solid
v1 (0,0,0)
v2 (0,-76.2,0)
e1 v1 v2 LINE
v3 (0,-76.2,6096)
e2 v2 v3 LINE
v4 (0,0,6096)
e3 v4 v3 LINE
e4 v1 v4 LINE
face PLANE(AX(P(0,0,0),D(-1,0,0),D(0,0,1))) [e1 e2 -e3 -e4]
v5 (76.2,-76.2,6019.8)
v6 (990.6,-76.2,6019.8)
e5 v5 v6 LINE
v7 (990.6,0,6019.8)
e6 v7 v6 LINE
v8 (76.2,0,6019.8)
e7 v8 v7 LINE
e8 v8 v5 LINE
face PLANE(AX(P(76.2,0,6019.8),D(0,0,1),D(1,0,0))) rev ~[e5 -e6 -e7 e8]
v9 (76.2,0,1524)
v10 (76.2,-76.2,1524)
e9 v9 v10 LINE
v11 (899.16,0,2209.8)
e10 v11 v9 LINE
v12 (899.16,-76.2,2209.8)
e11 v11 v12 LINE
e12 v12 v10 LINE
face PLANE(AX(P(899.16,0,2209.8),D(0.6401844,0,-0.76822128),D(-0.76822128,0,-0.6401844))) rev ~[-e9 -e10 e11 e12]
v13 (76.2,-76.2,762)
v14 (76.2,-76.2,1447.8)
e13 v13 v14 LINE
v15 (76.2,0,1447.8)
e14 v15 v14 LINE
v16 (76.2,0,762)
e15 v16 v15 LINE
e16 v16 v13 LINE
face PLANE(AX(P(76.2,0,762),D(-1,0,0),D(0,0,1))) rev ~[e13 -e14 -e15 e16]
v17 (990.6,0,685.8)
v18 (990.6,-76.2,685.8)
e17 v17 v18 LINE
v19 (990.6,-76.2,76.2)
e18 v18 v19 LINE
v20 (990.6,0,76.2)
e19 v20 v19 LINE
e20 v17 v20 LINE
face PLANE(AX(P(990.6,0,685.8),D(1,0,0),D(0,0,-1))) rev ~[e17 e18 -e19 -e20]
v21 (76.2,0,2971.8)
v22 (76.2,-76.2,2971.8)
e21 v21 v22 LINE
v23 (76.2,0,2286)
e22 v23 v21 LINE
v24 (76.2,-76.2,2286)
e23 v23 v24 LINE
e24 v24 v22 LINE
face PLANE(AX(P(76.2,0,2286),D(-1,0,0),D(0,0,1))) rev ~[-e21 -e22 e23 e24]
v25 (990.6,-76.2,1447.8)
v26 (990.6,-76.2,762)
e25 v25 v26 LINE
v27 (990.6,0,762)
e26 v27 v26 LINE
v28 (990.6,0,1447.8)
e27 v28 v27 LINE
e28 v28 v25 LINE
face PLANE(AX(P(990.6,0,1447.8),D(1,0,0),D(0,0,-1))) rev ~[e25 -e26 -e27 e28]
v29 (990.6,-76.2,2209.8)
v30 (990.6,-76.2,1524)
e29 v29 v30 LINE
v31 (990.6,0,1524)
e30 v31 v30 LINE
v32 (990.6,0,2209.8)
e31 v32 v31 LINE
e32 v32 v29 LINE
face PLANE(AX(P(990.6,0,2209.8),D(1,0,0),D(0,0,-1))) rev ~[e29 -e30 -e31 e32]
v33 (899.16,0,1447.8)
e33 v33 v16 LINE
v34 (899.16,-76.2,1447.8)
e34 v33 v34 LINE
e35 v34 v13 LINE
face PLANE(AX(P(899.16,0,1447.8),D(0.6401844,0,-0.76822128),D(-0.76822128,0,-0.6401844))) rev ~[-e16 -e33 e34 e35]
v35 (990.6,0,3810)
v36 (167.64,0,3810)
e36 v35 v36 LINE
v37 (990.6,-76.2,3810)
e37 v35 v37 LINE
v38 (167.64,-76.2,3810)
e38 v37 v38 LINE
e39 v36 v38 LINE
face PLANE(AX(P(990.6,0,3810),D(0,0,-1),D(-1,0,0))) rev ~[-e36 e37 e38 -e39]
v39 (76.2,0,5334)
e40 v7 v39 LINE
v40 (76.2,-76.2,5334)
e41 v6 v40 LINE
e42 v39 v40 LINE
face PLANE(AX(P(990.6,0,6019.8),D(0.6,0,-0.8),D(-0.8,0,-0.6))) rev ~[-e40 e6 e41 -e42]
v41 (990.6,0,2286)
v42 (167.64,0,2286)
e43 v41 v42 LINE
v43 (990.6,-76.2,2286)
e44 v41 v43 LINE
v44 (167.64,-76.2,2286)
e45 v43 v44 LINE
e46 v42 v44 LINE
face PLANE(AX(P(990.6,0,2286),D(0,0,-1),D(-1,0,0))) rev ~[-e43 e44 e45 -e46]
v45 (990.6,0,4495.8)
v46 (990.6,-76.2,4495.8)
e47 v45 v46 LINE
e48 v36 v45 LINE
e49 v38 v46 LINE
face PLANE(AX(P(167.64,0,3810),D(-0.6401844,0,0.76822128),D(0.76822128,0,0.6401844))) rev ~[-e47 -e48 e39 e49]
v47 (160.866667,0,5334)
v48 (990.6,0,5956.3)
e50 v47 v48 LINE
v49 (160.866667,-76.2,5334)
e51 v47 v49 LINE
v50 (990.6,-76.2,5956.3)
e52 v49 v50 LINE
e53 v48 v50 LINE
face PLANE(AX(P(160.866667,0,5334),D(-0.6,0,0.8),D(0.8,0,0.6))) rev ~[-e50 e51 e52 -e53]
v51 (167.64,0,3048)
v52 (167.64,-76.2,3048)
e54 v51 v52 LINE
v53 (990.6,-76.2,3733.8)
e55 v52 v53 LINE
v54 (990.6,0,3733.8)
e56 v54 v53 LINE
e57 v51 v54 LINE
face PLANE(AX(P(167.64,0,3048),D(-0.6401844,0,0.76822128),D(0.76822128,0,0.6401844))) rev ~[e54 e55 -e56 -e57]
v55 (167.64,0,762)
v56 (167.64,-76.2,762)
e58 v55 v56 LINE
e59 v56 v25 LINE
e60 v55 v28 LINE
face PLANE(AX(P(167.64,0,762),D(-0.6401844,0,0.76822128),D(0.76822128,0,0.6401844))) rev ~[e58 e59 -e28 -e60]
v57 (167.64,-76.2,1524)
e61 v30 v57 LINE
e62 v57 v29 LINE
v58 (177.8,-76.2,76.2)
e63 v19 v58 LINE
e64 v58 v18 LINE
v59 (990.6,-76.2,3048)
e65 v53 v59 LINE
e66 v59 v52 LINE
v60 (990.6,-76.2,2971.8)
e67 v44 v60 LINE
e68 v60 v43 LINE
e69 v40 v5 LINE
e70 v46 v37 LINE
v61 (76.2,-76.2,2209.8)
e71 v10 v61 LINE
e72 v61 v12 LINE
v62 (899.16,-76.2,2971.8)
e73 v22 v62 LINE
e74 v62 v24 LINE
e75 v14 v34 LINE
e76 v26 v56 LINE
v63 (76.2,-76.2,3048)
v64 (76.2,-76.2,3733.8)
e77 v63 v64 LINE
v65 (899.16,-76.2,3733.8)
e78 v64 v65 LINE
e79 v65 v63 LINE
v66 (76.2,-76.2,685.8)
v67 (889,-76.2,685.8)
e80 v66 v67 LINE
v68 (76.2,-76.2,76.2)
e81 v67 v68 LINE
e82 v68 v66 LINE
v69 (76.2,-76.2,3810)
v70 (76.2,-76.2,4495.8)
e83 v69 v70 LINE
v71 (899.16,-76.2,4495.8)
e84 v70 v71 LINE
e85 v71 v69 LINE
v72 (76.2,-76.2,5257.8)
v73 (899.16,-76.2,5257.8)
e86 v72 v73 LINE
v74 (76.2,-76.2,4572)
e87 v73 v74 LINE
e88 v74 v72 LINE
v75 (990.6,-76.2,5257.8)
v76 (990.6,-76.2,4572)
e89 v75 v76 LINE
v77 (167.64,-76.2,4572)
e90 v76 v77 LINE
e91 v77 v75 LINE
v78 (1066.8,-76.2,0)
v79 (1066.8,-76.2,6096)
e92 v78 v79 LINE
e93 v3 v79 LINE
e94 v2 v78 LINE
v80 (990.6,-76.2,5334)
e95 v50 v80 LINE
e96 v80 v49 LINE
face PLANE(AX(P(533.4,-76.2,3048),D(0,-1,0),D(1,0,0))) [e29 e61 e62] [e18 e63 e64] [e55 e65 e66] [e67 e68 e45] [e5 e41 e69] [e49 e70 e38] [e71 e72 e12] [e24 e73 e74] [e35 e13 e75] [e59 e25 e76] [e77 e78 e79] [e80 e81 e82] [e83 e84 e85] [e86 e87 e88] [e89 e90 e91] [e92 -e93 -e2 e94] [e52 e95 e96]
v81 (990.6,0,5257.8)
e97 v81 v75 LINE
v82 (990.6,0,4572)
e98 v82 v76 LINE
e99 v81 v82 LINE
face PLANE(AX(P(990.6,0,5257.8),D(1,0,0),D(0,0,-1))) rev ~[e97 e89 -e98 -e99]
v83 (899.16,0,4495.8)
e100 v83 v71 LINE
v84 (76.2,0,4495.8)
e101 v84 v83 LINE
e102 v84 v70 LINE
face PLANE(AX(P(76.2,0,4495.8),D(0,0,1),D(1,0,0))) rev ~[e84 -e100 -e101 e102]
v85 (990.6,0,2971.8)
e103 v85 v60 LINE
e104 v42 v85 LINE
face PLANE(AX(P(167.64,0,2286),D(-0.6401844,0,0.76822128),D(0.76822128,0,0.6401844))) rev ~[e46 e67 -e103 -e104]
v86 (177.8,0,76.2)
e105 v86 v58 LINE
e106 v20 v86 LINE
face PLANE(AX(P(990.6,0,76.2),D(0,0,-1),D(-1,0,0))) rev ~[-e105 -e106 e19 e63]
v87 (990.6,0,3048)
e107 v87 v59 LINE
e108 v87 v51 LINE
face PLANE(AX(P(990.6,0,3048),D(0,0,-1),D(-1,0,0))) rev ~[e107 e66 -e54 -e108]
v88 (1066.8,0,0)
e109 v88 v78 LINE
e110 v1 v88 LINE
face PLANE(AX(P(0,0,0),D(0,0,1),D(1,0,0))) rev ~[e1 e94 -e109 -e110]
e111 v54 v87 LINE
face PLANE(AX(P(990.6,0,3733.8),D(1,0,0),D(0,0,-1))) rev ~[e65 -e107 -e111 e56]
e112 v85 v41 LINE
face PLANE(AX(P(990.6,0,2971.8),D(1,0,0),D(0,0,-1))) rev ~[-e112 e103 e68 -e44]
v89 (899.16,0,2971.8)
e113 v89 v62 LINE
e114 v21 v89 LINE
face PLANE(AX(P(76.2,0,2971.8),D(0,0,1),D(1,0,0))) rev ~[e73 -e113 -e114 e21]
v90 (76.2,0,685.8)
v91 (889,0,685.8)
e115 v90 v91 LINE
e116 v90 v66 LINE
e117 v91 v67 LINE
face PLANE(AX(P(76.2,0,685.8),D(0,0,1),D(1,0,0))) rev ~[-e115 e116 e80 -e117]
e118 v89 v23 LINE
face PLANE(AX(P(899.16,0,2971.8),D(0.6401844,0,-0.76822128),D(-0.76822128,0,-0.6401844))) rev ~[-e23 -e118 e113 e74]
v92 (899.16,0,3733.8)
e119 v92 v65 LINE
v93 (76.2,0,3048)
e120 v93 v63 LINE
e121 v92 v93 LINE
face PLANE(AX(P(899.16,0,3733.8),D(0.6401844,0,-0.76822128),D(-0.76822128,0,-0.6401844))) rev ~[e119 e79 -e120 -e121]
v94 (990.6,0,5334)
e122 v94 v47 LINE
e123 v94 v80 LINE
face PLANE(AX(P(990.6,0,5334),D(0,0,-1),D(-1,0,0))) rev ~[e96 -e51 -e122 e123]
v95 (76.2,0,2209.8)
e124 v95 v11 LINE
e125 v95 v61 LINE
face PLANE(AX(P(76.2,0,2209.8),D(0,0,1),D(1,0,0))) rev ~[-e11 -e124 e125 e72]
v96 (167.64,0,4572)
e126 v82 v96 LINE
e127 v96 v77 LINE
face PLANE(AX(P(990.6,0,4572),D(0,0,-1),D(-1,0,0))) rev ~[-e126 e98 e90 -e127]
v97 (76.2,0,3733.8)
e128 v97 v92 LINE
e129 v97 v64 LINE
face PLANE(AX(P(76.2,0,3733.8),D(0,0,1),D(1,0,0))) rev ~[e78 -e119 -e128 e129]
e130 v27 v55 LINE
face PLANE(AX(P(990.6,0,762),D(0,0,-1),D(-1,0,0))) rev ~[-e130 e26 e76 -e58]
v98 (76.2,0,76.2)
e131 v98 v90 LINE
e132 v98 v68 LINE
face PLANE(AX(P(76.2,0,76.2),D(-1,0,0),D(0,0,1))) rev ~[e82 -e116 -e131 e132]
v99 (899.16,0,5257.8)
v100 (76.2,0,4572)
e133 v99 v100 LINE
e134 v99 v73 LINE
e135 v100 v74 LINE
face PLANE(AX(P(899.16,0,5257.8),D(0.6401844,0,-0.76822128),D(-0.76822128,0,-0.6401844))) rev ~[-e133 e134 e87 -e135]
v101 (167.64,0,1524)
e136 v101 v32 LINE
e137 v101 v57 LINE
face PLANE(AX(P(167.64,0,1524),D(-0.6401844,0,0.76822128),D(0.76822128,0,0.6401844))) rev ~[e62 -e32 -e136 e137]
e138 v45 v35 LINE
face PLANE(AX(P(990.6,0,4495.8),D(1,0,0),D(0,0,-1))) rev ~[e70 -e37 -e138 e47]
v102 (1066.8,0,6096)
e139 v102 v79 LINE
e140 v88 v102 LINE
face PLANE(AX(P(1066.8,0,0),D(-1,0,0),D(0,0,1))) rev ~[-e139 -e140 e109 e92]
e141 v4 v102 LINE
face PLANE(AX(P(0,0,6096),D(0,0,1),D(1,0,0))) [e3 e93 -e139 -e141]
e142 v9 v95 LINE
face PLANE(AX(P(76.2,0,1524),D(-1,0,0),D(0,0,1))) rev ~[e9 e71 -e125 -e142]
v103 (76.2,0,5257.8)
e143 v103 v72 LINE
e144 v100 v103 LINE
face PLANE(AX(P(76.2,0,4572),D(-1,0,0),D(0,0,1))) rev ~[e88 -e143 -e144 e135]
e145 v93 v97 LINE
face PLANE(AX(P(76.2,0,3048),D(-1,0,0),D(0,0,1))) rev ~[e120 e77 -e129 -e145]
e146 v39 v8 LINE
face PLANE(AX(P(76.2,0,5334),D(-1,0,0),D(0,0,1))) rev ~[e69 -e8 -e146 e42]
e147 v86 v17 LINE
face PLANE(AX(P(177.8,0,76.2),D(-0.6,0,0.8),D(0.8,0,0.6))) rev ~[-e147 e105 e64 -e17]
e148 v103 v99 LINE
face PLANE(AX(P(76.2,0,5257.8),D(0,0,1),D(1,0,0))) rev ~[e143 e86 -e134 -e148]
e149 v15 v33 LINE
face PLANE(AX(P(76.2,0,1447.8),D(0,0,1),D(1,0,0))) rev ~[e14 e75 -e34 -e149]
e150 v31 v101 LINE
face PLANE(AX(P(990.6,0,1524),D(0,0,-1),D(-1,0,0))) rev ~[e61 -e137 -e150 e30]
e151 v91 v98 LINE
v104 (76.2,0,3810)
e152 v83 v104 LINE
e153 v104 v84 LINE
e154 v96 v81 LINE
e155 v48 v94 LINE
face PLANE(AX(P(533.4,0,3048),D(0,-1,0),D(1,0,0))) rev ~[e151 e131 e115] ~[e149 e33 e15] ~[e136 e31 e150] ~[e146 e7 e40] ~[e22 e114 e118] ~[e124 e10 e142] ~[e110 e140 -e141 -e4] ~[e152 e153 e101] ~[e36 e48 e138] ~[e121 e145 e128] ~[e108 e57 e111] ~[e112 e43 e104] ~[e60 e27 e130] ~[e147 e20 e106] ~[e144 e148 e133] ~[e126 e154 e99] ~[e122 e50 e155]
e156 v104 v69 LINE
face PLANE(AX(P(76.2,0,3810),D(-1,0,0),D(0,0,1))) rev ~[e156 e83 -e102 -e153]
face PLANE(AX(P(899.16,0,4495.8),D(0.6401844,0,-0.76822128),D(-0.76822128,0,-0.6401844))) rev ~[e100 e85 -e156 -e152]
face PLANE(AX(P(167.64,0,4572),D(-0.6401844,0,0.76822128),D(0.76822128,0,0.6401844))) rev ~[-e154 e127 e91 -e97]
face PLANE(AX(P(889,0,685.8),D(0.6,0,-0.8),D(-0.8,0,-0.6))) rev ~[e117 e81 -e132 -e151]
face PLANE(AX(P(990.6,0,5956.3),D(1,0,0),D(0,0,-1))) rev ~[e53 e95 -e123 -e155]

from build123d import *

# Parameters (mm, degrees)
F0_W     = 1066.8
F0_H     = 6096
F1_DEPTH = 76.2


with BuildPart() as f1:
    # F0 (on Front) → F1 (new body)
    with BuildSketch(Plane.XZ):
        with Locations((533.4, 3048)):
            Rectangle(F0_W, F0_H)
        Polygon((889, 685.8), (76.2, 76.2), (76.2, 685.8), align=None, mode=Mode.SUBTRACT)
        Polygon((899.16, 1447.8), (76.2, 762), (76.2, 1447.8), align=None, mode=Mode.SUBTRACT)
        Polygon((899.16, 2209.8), (76.2, 1524), (76.2, 2209.8), align=None, mode=Mode.SUBTRACT)
        Polygon((899.16, 2971.8), (76.2, 2286), (76.2, 2971.8), align=None, mode=Mode.SUBTRACT)
        Polygon((990.6, 76.2), (177.8, 76.2), (990.6, 685.8), align=None, mode=Mode.SUBTRACT)
        Polygon((990.6, 1447.8), (990.6, 762), (167.64, 762), align=None, mode=Mode.SUBTRACT)
        Polygon((990.6, 2209.8), (990.6, 1524), (167.64, 1524), align=None, mode=Mode.SUBTRACT)
        Polygon((990.6, 2971.8), (990.6, 2286), (167.64, 2286), align=None, mode=Mode.SUBTRACT)
        Polygon((899.16, 3733.8), (76.2, 3048), (76.2, 3733.8), align=None, mode=Mode.SUBTRACT)
        Polygon((899.16, 4495.8), (76.2, 3810), (76.2, 4495.8), align=None, mode=Mode.SUBTRACT)
        Polygon((899.16, 5257.8), (76.2, 4572), (76.2, 5257.8), align=None, mode=Mode.SUBTRACT)
        Polygon((990.6, 3733.8), (990.6, 3048), (167.64, 3048), align=None, mode=Mode.SUBTRACT)
        Polygon((990.6, 4495.8), (990.6, 3810), (167.64, 3810), align=None, mode=Mode.SUBTRACT)
        Polygon((990.6, 5257.8), (990.6, 4572), (167.64, 4572), align=None, mode=Mode.SUBTRACT)
        Polygon((76.2, 5334), (76.2, 6019.8), (990.6, 6019.8), align=None, mode=Mode.SUBTRACT)
        Polygon((990.6, 5956.3), (990.6, 5334), (160.866667, 5334), align=None, mode=Mode.SUBTRACT)
    extrude(amount=F1_DEPTH)


solid = f1.part
